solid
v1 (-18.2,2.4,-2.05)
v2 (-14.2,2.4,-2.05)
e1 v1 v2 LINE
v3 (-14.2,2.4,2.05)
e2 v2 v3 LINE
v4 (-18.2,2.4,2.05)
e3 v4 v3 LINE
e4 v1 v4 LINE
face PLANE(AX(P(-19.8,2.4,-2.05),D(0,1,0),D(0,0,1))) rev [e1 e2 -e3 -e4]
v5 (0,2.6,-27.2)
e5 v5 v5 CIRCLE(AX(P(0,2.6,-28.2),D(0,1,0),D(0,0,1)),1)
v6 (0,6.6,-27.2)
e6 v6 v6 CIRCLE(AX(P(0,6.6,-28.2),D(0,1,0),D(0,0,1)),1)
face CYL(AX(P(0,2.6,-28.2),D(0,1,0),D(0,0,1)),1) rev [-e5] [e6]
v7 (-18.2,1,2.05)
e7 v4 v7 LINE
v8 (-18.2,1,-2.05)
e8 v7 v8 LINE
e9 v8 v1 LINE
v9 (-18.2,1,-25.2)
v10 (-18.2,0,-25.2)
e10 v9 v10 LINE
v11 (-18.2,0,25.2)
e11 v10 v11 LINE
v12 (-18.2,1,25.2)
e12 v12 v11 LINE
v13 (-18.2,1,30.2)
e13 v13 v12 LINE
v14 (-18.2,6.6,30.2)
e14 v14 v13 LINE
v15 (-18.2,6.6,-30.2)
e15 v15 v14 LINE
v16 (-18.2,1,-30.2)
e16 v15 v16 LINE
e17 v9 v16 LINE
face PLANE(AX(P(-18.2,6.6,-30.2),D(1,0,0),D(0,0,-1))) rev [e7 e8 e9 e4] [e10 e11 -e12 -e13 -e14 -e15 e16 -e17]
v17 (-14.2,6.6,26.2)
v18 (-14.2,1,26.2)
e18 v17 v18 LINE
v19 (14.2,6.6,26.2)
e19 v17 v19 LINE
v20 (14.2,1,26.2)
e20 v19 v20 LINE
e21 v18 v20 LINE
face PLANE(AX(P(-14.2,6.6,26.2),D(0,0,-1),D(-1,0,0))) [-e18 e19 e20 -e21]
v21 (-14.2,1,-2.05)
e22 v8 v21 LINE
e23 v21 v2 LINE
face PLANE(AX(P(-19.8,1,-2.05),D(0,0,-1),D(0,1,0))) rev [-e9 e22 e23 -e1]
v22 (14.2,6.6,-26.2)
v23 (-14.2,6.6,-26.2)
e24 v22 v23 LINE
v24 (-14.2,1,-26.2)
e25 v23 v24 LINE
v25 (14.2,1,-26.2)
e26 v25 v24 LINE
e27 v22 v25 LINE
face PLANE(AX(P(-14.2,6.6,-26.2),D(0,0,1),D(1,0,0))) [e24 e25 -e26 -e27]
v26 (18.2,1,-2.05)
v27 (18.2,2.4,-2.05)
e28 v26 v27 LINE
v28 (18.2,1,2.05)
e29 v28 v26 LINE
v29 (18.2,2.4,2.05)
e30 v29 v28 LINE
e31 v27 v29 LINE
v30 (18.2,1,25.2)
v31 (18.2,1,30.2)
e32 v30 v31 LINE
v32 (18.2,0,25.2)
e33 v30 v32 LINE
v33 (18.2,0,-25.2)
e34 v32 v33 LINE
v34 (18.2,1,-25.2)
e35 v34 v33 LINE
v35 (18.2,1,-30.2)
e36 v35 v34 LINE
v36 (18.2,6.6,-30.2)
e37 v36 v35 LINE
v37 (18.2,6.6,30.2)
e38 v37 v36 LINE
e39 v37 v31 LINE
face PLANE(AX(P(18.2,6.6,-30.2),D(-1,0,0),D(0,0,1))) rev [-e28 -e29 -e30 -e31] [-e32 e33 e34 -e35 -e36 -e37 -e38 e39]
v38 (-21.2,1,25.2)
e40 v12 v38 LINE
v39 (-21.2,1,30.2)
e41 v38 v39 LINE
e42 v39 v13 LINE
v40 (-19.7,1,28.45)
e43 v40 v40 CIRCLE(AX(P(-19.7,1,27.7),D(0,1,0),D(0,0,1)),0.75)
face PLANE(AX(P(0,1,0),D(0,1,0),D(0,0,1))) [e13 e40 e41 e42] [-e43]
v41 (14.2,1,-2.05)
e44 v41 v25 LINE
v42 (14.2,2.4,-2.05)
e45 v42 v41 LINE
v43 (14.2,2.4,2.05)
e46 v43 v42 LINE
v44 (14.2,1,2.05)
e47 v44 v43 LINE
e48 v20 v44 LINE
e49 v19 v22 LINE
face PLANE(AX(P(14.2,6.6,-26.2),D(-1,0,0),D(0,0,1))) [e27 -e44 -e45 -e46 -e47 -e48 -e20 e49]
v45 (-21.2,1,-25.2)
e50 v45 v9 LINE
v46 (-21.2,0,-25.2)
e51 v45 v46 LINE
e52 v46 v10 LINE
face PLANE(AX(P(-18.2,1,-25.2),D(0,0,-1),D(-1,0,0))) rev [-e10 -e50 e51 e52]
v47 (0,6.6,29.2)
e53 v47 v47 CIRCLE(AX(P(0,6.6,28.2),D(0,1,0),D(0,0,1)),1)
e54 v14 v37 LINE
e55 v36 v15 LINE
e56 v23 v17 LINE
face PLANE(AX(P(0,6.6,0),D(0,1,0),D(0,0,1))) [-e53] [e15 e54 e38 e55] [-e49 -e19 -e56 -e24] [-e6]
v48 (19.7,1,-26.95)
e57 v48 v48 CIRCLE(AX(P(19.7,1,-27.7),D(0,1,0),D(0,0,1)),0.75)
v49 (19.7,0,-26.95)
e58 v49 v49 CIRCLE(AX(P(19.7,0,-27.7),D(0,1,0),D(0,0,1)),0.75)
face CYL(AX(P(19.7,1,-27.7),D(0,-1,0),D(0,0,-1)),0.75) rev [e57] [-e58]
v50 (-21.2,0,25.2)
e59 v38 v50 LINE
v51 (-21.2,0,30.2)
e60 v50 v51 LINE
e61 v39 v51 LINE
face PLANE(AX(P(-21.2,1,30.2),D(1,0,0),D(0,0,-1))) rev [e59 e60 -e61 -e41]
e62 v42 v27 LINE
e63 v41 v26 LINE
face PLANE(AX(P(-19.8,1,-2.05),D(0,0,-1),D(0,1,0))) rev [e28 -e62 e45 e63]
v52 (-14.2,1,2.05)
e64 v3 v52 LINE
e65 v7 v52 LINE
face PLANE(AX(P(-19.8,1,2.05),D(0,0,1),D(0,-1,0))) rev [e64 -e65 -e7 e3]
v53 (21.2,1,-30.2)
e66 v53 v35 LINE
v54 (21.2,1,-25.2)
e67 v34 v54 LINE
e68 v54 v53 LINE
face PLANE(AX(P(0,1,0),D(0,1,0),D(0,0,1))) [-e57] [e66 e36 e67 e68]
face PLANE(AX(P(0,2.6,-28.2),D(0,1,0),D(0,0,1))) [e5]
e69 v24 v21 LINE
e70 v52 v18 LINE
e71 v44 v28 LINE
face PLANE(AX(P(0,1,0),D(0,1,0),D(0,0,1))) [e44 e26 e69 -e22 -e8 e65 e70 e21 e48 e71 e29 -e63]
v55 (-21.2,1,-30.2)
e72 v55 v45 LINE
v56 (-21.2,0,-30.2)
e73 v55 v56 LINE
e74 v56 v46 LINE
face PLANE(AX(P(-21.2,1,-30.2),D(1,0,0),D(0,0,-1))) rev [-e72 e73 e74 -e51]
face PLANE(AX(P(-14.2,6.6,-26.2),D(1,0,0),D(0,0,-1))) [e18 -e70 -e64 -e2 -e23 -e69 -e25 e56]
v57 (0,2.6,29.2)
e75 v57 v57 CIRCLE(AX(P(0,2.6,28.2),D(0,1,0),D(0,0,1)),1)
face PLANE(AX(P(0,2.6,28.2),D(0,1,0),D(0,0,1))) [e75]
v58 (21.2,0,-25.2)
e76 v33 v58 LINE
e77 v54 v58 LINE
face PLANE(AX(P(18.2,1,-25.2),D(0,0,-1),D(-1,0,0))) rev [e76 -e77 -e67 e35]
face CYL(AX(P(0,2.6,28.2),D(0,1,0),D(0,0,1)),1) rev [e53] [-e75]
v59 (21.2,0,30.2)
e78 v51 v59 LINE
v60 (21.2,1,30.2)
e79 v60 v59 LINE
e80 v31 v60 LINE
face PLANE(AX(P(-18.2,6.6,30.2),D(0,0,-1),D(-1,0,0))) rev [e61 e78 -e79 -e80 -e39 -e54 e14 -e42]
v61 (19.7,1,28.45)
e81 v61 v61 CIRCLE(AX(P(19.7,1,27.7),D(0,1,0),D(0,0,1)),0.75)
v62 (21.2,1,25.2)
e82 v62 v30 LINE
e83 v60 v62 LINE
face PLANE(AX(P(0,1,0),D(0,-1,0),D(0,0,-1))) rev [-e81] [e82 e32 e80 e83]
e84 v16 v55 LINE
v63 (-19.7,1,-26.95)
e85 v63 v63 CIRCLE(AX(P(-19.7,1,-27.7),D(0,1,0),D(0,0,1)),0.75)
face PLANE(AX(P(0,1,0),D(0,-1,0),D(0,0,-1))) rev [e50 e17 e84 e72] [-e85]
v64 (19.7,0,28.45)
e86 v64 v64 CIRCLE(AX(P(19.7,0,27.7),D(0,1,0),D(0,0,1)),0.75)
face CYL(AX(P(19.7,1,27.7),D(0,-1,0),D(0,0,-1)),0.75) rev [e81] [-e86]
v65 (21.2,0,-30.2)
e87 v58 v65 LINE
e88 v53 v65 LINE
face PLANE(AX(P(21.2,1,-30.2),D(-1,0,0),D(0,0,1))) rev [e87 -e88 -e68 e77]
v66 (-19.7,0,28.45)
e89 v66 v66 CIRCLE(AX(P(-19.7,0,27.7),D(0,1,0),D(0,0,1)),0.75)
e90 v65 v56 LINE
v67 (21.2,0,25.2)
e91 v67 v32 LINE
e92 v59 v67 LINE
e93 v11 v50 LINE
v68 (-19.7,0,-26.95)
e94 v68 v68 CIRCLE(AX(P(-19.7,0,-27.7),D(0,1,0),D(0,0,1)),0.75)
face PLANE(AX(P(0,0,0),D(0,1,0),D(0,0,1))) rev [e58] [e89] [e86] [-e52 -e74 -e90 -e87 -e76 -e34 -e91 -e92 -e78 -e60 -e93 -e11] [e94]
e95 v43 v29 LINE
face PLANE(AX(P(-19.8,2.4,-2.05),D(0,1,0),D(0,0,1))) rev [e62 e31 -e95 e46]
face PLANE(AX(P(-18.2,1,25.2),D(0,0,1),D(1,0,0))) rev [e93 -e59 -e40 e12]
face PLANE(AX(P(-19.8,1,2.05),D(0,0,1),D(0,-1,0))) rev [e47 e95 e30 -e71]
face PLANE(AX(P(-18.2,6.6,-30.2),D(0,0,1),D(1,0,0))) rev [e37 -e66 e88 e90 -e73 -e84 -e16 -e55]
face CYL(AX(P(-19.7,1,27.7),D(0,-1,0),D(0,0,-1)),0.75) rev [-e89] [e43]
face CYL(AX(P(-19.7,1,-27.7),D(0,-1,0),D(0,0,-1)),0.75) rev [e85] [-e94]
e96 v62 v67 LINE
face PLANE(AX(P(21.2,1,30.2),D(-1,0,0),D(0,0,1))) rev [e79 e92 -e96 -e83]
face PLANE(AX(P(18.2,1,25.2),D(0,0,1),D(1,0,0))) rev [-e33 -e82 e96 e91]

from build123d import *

# Parameters (mm, degrees)
ESBO_O1_W                = 36.4
ESBO_O1_H                = 60.4
ESBO_O1_W_2              = 28.4
ESBO_O1_H_2              = 52.4
RESSALTO_EXTRUS_O1_DEPTH = 6.6
ESBO_O2_W                = 28.4
ESBO_O2_H                = 52.4
RESSALTO_EXTRUS_O2_DEPTH = 1
ESBO_O4_W                = 4.1
ESBO_O4_H                = 1.4
CORTE_EXTRUS_O2_DEPTH    = 38
ESBO_O5_W                = 3
ESBO_O5_H                = 5
ESBO_O5_R                = 0.75
RESSALTO_EXTRUS_O3_DEPTH = 1
ESBO_O6_R                = 1
CORTE_EXTRUS_O3_DEPTH    = 4


with BuildPart() as part:
    # Esboço1 → Ressalto-extrusão1 (new body)
    with BuildSketch(Plane(origin=(0, 0, 0), x_dir=(1, 0, 0), z_dir=(0, 1, 0))):
        Rectangle(ESBO_O1_W, ESBO_O1_H)
        Rectangle(ESBO_O1_W_2, ESBO_O1_H_2, mode=Mode.SUBTRACT)
    extrude(amount=RESSALTO_EXTRUS_O1_DEPTH)

    # Esboço2 → Ressalto-extrusão2 (add)
    with BuildSketch(Plane(origin=(0, 0, 0), x_dir=(1, 0, 0), z_dir=(0, 1, 0))):
        Rectangle(ESBO_O2_W, ESBO_O2_H)
    extrude(amount=RESSALTO_EXTRUS_O2_DEPTH)

    # Esboço4 → Corte-extrusão2 (cut)
    with BuildSketch(Plane(origin=(18.2, 0, 0), x_dir=(0, 0, -1), z_dir=(1, 0, 0))):
        with Locations((0, 1.7)):
            Rectangle(ESBO_O4_W, ESBO_O4_H)
    extrude(amount=-CORTE_EXTRUS_O2_DEPTH, mode=Mode.SUBTRACT)

    # Esboço5 → Ressalto-extrusão3 (add)
    # profile 1 of 4: a face of its own
    with BuildSketch(Plane(origin=(0, 0, 0), x_dir=(1, 0, 0), z_dir=(0, 1, 0))):
        with Locations((-19.7, 27.7)):
            Rectangle(ESBO_O5_W, ESBO_O5_H)
        with Locations(Location((-19.7, 27.7, 0), (0, 0, 270))):
            Circle(ESBO_O5_R, mode=Mode.SUBTRACT)
    # profile 2 of 4: a face of its own
    with BuildSketch(Plane(origin=(0, 0, 0), x_dir=(1, 0, 0), z_dir=(0, 1, 0))):
        with Locations((-19.7, -27.7)):
            Rectangle(ESBO_O5_W, ESBO_O5_H)
        with Locations(Location((-19.7, -27.7, 0), (0, 0, 270))):
            Circle(ESBO_O5_R, mode=Mode.SUBTRACT)
    # profile 3 of 4: a face of its own
    with BuildSketch(Plane(origin=(0, 0, 0), x_dir=(1, 0, 0), z_dir=(0, 1, 0))):
        with Locations((19.7, -27.7)):
            Rectangle(ESBO_O5_W, ESBO_O5_H)
        with Locations(Location((19.7, -27.7, 0), (0, 0, 270))):
            Circle(ESBO_O5_R, mode=Mode.SUBTRACT)
    # profile 4 of 4: a face of its own
    with BuildSketch(Plane(origin=(0, 0, 0), x_dir=(1, 0, 0), z_dir=(0, 1, 0))):
        with Locations((19.7, 27.7)):
            Rectangle(ESBO_O5_W, ESBO_O5_H)
        with Locations(Location((19.7, 27.7, 0), (0, 0, 270))):
            Circle(ESBO_O5_R, mode=Mode.SUBTRACT)
    extrude(amount=RESSALTO_EXTRUS_O3_DEPTH)

    # Esboço6 → Corte-extrusão3 (cut)
    with BuildSketch(Plane(origin=(0, 6.6, 0), x_dir=(1, 0, 0), z_dir=(0, 1, 0))):
        with Locations(Location((0, 28.2, 0), (0, 0, 270))):
            Circle(ESBO_O6_R)
        with Locations(Location((0, -28.2, 0), (0, 0, 270))):
            Circle(ESBO_O6_R)
    extrude(amount=-CORTE_EXTRUS_O3_DEPTH, mode=Mode.SUBTRACT)


solid = part.part
